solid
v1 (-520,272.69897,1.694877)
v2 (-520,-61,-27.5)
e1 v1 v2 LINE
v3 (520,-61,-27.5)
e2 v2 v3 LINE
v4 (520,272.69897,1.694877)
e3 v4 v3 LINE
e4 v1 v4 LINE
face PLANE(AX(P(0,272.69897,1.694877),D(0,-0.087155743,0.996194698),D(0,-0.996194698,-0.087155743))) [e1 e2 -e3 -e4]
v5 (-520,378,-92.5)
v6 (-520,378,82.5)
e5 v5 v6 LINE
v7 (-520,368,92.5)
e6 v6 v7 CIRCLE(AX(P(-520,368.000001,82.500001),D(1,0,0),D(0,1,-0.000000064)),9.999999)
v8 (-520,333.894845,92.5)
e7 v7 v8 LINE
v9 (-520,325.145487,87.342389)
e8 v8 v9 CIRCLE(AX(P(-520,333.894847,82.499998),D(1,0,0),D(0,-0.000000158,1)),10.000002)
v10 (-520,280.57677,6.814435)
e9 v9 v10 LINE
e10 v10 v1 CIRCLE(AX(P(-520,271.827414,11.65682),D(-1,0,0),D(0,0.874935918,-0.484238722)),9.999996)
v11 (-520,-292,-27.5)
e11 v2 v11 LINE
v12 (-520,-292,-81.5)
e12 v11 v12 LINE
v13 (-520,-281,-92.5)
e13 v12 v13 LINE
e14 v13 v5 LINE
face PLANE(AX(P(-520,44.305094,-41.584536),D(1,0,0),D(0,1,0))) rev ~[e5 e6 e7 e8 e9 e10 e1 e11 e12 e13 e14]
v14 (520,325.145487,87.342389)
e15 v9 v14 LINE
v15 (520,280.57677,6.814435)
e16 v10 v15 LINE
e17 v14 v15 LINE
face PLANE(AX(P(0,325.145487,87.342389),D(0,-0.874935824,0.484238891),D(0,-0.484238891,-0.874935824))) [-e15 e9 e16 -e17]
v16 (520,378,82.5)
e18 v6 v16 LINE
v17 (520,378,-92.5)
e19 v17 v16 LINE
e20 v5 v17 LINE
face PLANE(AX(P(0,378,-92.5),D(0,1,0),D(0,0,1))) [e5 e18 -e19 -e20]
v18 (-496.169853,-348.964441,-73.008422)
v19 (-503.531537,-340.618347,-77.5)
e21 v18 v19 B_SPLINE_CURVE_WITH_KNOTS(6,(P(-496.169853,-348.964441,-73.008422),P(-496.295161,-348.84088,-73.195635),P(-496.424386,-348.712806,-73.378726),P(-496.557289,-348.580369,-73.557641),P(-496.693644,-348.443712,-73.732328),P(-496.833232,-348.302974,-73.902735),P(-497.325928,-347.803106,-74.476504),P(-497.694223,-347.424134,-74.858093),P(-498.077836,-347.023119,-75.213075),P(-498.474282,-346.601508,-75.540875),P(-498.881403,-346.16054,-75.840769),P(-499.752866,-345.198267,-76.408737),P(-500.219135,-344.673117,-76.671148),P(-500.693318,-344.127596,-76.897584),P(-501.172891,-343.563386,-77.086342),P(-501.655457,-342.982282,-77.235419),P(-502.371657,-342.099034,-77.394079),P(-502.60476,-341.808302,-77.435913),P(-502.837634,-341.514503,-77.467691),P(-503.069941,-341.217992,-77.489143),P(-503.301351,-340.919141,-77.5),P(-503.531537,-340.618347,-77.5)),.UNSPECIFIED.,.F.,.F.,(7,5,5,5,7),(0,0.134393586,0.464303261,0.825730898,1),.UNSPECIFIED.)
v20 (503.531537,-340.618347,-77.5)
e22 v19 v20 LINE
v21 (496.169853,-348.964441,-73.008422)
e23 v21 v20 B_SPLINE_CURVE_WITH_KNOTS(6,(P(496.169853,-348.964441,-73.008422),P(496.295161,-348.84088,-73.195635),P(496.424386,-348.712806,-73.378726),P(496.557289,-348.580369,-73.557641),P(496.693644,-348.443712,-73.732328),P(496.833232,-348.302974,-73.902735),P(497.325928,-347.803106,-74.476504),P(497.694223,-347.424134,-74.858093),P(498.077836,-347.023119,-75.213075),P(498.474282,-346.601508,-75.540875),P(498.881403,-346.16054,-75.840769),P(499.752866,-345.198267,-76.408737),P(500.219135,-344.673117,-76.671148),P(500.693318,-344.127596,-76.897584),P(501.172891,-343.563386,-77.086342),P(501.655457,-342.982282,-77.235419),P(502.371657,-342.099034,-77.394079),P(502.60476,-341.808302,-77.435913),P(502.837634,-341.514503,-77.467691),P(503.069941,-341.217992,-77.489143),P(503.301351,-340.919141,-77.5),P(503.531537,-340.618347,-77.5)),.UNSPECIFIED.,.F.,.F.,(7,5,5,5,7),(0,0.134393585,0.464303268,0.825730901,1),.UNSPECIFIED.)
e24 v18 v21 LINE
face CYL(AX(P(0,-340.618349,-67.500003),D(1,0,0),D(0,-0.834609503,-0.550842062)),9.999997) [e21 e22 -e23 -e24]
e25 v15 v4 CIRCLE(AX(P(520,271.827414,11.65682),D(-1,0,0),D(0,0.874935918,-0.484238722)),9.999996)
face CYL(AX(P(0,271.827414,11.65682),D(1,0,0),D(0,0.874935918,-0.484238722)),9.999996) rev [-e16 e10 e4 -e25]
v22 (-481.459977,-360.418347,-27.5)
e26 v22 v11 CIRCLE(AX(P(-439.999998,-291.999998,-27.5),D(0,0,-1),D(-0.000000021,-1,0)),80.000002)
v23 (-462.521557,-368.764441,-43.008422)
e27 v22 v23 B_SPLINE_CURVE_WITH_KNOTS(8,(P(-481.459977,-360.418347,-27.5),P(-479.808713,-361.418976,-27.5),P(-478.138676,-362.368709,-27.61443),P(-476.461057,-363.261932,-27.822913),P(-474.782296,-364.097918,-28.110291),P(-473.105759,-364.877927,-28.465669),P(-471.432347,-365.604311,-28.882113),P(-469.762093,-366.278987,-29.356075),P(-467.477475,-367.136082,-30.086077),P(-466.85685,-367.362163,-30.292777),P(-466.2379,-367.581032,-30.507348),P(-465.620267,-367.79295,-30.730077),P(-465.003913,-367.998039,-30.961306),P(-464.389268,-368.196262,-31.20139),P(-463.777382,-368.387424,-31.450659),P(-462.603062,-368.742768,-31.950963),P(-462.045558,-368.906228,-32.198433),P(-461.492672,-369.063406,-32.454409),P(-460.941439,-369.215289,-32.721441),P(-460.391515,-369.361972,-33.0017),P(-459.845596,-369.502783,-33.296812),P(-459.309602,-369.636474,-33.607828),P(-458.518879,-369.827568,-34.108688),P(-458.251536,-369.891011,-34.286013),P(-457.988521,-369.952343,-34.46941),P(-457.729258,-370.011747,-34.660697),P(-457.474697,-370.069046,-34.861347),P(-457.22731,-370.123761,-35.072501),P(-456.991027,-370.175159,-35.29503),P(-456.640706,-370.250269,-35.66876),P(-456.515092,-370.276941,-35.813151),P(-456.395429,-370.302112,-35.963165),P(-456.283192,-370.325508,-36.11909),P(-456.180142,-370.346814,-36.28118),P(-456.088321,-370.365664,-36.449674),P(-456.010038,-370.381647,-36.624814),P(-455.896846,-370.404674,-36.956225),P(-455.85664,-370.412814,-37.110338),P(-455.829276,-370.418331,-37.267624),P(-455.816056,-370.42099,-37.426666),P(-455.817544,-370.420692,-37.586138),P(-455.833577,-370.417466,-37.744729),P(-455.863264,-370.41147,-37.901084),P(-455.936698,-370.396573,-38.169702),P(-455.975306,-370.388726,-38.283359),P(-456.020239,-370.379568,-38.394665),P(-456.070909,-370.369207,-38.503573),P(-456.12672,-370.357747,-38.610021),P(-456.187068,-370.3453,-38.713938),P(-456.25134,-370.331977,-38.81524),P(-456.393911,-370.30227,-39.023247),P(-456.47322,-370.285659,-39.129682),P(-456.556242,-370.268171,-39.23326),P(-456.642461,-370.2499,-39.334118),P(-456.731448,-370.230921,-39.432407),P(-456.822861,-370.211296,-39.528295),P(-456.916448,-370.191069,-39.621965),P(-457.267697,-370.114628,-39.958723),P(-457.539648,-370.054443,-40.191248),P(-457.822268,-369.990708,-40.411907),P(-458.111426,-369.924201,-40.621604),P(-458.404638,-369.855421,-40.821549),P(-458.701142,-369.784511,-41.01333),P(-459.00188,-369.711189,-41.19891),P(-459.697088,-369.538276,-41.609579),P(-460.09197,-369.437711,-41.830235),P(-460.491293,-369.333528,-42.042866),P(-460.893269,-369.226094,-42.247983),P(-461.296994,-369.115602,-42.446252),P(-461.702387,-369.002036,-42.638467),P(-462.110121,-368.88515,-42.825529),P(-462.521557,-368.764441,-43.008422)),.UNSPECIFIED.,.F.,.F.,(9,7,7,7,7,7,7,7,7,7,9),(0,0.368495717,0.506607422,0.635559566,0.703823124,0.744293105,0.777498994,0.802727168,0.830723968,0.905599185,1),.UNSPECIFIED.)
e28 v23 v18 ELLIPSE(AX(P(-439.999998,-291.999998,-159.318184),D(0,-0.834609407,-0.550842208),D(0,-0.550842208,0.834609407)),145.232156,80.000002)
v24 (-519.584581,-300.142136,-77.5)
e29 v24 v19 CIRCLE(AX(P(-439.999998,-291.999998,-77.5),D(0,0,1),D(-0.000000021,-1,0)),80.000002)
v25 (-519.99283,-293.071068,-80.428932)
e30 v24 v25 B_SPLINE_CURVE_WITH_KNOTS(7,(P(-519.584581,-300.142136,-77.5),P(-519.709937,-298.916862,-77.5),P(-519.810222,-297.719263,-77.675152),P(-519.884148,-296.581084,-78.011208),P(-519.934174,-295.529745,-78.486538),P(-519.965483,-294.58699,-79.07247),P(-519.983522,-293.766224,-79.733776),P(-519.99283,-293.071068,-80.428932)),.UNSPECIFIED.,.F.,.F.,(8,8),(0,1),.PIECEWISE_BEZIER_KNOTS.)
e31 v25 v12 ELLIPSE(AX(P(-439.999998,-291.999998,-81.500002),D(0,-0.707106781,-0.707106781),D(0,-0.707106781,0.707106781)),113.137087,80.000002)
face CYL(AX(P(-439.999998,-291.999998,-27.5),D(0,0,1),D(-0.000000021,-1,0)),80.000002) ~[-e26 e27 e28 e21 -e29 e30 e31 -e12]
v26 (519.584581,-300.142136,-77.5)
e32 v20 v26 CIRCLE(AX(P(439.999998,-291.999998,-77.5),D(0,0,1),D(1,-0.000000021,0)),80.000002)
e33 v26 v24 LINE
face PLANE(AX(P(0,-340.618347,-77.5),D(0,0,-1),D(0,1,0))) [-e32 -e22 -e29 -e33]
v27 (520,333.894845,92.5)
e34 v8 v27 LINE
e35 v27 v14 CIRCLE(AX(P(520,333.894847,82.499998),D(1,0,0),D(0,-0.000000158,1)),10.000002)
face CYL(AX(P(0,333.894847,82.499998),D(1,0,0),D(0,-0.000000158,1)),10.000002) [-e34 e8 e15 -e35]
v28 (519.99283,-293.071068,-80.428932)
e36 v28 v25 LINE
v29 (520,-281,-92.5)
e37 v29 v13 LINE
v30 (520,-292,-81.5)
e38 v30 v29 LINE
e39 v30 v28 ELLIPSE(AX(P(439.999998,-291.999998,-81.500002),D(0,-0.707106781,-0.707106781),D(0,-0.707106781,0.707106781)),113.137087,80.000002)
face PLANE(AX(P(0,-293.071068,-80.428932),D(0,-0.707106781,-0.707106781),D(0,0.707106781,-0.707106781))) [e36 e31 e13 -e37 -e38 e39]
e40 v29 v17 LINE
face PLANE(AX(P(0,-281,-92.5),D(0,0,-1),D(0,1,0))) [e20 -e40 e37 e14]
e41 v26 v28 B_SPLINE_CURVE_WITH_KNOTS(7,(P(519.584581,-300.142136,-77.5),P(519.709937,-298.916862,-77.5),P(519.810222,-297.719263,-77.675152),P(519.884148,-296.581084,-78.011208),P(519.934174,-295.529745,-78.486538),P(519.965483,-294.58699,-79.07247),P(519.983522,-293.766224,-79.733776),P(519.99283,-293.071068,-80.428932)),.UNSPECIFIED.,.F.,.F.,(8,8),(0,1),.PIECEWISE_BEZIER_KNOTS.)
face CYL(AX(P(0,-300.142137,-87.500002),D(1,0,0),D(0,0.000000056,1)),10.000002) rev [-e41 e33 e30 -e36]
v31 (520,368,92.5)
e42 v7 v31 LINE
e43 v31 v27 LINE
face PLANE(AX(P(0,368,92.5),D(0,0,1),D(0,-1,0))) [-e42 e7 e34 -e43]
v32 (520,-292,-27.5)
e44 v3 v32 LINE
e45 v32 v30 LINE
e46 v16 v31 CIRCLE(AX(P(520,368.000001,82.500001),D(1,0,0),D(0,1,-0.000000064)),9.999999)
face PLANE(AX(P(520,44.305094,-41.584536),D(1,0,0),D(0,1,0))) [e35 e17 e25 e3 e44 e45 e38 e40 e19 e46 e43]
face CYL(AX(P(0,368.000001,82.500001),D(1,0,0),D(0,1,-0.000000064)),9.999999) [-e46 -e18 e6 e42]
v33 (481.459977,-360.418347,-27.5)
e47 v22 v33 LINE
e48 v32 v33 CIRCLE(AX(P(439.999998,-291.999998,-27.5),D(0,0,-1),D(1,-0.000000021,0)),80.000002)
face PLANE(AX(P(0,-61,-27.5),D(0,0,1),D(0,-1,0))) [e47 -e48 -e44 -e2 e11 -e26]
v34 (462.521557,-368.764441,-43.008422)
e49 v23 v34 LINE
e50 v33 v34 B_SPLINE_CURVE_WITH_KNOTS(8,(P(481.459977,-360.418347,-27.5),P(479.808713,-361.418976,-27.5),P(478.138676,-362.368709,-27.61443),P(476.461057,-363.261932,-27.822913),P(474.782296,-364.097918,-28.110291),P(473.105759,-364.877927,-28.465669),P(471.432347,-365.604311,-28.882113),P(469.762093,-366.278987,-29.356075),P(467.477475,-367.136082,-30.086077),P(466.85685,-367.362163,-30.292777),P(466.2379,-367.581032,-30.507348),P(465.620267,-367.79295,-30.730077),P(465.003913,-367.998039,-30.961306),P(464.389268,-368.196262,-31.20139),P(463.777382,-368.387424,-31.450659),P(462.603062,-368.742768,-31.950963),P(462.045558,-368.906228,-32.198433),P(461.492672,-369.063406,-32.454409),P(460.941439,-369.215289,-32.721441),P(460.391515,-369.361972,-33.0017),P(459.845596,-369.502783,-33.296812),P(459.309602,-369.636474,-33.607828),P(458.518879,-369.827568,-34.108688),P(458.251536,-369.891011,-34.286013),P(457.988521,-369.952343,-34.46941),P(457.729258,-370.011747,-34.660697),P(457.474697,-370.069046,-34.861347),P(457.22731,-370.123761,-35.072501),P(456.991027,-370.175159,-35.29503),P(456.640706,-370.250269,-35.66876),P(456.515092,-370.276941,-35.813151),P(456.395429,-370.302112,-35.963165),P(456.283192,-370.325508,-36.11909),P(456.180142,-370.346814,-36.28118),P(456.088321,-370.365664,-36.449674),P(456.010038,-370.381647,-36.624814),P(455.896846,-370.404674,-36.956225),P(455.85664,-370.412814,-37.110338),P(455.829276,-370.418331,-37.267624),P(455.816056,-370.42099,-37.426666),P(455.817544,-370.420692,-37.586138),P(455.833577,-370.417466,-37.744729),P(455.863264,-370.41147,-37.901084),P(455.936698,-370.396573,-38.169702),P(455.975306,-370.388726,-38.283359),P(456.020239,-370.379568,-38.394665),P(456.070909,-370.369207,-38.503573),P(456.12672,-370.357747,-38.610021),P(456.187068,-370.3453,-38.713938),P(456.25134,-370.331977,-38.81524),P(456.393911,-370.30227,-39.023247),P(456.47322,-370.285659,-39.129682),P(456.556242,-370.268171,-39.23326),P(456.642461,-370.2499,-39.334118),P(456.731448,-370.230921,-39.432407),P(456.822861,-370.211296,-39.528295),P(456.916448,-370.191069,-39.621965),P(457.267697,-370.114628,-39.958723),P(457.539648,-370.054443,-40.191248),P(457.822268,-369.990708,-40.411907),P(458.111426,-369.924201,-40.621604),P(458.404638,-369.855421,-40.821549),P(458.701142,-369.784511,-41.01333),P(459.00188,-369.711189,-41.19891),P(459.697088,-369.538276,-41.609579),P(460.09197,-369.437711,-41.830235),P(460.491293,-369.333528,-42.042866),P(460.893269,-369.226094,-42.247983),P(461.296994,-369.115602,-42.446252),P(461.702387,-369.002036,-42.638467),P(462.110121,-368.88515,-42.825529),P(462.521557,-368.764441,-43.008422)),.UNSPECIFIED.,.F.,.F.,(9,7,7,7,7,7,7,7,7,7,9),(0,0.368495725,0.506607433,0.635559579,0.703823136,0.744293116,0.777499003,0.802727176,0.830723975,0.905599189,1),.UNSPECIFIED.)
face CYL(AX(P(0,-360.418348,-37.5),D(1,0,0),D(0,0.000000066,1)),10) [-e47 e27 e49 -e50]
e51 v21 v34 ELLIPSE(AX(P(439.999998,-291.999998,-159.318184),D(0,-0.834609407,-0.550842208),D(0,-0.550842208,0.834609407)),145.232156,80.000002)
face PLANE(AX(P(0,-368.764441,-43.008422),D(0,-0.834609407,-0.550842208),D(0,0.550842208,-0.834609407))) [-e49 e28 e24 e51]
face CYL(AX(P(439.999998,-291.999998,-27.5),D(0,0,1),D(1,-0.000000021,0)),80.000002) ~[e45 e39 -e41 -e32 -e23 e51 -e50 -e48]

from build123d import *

# Parameters (mm, degrees)
F1_DEPTH = 520
F3_DEPTH = 65.001


with BuildPart() as f1:
    # F0 (on Right) → F1 (new body, symmetric)
    with BuildSketch(Plane.YZ):
        with BuildLine():
            Line((-281, -92.5), (378, -92.5))
            Line((378, -92.5), (378, 82.5))
            ThreePointArc((378, 82.5), (375.071068, 89.571068), (368, 92.5))
            Line((368, 92.5), (333.894845, 92.5))
            ThreePointArc((333.894845, 92.5), (328.816651, 91.114635), (325.145487, 87.342389))
            Line((325.145487, 87.342389), (280.57677, 6.814435))
            ThreePointArc((280.57677, 6.814435), (277.276538, 3.271895), (272.69897, 1.694877))
            Line((272.69897, 1.694877), (-61, -27.5))
            Line((-61, -27.5), (-360.418347, -27.5))
            ThreePointArc((-360.418347, -27.5), (-369.224147, -32.761024), (-368.764441, -43.008422))
            Line((-368.764441, -43.008422), (-348.964441, -73.008422))
            ThreePointArc((-348.964441, -73.008422), (-345.357323, -76.3058), (-340.618347, -77.5))
            Line((-340.618347, -77.5), (-300.142136, -77.5))
            ThreePointArc((-300.142136, -77.5), (-296.315301, -78.261205), (-293.071068, -80.428932))
            Line((-293.071068, -80.428932), (-281, -92.5))
        make_face()
    extrude(amount=F1_DEPTH, both=True)

    # F2 (on face) → F3 (cut, through all)
    with BuildSketch(Plane.XY.offset(-27.5)):
        with BuildLine():
            ThreePointArc((520, -292), (496.568542, -348.568542), (440, -372))
            Line((440, -372), (420, -372))
            Line((420, -372), (415.918393, -433.798668))
            Line((415.918393, -433.798668), (574.893101, -433.798668))
            Line((574.893101, -433.798668), (520, -292))
        make_face()
        with BuildLine():
            Line((-574.893101, -433.798668), (-415.918393, -433.798668))
            Line((-415.918393, -433.798668), (-420, -372))
            Line((-420, -372), (-440, -372))
            ThreePointArc((-440, -372), (-496.568542, -348.568542), (-520, -292))
            Line((-520, -292), (-574.893101, -433.798668))
        make_face()
    extrude(amount=-F3_DEPTH, mode=Mode.SUBTRACT)


solid = f1.part
